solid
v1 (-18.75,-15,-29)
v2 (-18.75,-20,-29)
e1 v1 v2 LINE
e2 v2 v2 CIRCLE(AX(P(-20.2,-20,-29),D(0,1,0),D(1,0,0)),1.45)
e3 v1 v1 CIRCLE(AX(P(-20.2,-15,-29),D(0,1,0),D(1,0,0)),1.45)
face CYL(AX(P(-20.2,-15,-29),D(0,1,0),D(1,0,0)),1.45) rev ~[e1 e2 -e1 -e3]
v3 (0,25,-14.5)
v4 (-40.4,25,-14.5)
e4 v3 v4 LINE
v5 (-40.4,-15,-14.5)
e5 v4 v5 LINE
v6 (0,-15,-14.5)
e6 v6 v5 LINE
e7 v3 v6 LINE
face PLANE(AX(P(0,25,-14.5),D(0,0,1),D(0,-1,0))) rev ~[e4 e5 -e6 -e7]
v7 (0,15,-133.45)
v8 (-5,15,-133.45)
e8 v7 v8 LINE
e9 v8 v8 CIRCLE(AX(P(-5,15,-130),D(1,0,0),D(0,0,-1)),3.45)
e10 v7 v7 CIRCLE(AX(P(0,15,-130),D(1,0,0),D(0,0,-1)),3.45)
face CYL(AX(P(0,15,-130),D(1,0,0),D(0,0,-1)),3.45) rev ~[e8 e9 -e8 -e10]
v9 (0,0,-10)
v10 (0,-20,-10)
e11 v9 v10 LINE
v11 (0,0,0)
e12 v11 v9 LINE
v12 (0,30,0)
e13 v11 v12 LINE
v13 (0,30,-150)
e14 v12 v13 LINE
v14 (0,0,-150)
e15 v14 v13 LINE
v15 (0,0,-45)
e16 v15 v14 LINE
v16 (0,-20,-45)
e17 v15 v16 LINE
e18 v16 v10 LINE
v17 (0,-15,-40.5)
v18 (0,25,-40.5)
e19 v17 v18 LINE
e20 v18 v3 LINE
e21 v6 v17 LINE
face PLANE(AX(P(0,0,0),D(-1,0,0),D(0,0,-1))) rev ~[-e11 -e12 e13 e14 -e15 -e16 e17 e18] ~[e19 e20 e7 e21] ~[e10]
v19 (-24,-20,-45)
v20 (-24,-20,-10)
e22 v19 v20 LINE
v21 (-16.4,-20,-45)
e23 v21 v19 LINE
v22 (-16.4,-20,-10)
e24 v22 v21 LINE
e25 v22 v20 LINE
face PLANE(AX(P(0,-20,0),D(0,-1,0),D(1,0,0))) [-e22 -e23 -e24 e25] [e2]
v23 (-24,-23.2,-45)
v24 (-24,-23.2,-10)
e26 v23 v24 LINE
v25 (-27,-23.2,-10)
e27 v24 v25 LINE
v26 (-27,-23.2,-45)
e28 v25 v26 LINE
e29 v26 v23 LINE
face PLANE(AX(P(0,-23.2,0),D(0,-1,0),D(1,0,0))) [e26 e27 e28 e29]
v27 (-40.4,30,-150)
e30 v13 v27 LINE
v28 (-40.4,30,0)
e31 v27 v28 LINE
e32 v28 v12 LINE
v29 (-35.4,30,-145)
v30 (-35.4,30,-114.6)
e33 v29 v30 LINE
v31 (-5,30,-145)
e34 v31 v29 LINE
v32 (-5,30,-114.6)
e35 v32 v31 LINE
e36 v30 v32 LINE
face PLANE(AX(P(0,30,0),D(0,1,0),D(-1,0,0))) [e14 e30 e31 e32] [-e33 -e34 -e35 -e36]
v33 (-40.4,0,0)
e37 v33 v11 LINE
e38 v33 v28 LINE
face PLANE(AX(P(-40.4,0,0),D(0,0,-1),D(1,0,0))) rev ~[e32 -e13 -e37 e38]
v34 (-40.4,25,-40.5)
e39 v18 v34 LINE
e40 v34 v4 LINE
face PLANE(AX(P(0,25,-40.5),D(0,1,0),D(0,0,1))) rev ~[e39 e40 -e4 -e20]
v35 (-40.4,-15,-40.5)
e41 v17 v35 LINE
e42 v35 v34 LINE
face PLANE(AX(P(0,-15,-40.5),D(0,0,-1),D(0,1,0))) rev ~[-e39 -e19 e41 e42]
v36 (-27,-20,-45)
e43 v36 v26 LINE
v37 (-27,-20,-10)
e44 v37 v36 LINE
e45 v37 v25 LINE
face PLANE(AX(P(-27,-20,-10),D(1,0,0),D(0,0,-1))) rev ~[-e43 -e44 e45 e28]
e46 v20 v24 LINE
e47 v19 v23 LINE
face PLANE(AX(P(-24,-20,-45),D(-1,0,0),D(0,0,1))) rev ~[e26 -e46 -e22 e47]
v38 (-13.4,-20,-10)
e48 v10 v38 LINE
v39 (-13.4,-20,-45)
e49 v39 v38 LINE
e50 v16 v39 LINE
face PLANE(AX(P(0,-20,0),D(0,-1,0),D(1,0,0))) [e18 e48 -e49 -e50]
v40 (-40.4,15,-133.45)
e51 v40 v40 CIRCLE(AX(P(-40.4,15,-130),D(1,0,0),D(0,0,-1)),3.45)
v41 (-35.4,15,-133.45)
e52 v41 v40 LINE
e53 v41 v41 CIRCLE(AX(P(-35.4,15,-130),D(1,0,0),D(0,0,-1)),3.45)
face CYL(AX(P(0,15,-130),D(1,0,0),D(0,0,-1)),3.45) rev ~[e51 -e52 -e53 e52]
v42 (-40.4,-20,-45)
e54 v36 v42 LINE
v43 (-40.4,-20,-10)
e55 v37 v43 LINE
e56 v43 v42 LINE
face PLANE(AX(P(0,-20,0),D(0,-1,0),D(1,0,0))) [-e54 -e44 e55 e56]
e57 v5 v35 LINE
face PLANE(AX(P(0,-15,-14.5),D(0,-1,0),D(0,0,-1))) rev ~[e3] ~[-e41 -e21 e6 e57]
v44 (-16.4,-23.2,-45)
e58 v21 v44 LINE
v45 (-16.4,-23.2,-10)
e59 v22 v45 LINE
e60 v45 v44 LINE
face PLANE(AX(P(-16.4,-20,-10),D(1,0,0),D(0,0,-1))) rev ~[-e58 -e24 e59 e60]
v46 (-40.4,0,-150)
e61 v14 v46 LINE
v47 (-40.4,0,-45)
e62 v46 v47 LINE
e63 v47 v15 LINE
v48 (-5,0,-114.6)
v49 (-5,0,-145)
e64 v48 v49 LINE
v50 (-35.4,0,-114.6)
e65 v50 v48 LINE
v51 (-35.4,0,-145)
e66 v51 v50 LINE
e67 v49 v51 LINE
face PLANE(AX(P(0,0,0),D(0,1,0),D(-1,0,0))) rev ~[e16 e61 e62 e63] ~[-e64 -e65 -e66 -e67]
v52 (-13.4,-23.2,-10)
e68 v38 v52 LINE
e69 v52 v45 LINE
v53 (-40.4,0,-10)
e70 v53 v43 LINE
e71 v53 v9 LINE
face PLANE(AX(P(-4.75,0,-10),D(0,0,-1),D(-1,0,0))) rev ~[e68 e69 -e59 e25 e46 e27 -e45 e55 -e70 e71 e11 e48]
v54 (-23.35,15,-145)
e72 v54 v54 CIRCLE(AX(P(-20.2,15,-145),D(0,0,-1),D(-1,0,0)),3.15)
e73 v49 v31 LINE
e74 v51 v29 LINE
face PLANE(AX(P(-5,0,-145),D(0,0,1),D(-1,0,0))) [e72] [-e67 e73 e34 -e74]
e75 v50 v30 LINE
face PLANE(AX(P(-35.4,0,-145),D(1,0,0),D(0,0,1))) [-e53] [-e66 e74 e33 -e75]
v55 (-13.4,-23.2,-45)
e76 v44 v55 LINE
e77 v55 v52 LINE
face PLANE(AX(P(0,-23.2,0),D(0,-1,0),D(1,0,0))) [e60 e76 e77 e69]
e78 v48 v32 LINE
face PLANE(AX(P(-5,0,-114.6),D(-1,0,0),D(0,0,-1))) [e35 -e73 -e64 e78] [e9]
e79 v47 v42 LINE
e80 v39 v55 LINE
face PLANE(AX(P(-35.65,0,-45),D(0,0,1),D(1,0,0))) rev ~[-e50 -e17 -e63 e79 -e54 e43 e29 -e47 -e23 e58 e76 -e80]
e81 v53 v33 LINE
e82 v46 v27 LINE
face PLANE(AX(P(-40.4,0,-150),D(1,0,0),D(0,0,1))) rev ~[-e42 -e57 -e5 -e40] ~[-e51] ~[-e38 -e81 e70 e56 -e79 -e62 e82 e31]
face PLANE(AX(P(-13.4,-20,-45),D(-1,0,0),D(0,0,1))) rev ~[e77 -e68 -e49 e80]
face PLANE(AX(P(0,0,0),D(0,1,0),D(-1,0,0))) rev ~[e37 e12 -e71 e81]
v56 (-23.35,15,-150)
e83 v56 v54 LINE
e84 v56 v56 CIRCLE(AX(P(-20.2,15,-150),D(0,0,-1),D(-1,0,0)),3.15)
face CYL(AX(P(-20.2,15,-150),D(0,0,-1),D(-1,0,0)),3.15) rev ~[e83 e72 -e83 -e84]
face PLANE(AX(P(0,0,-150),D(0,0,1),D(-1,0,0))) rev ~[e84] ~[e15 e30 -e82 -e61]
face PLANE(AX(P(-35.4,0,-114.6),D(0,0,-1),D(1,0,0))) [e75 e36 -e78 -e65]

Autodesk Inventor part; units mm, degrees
ref_plane "YZ Plane" through (0, 0, 0) normal (1, 0, 0) x (0, 1, 0)
ref_plane "XZ Plane" through (0, 0, 0) normal (0, 1, 0) x (-1, 0, 0)
ref_plane "XY Plane" through (0, 0, 0) normal (0, 0, 1) x (1, 0, 0)
sketch "스케치1" plane through (0, 0, 0) normal (0, 1, 0) x (-1, 0, 0)
  line L0 (40.4, 0) -> (0, 0)
  line L1 (0, 0) -> (0, -150)
  line L2 (0, -150) -> (40.4, -150)
  line L3 (40.4, -150) -> (40.4, 0)
  line L4 (35.4, -114.6) -> (5, -114.6)
  line L5 (5, -114.6) -> (5, -145)
  line L6 (5, -145) -> (35.4, -145)
  line L7 (35.4, -145) -> (35.4, -114.6)
  line L8 (20.2, -114.6) -> (20.2, -145) construction
  line L9 (35.4, -129.8) -> (5, -129.8) construction
  line L10 (35.65, -10) -> (4.75, -10)
  line L11 (4.75, -10) -> (4.75, -80)
  line L12 (4.75, -80) -> (35.65, -80)
  line L13 (35.65, -80) -> (35.65, -10)
  point P0 (20.2, -150)
  dimension "d0" = 30.4
  dimension "d1" = 30.4
  dimension "d2" = 5
  dimension "d3" = 5
  dimension "d4" = 5
  dimension "d5" = 70
  dimension "d6" = 4.75
  dimension "d7" = 4.75
  dimension "d8" = 10
  dimension "d9" = 150
extrude "돌출1" add sketch "스케치1" along normal blind 30
sketch "스케치2" plane through (0, 0, 0) normal (1, 0, 0) x (0, 0, -1)
  circle A0 centre (130, 15) radius 3.45
  line L0 (150, 0) -> (150, 30) projected
  line L1 (0, 30) -> (150, 30) projected
  point P0 (0, 0)
  dimension "d12" = 20
  dimension "d13" = 15
  dimension "d14" = 6.9
extrude "돌출2" cut sketch "스케치2" against normal blind 50
sketch "스케치3" plane through (0, 0, -150) normal (0, 0, -1) x (-1, 0, 0)
  circle A0 centre (20.2, 15) radius 3.15
  line L0 (0, 30) -> (40.4, 30) projected
  line L1 (40.4, 0) -> (40.4, 30) projected
  point P0 (0, 0)
  point P1 (20.2, 30)
  point P2 (40.4, 15)
  dimension "d17" = 6.3
extrude "돌출3" cut sketch "스케치3" against normal blind 10
extrude "돌출5" add sketch "스케치1" along normal up to surface (30 mm away) contours L13 L12 L11 L10
sketch "스케치5" plane through (0, 0, 0) normal (0, -1, 0) x (1, 0, 0)
  line L0 (-4.75, -10) -> (-35.65, -10)
  line L1 (-35.65, -10) -> (-35.65, -45)
  line L2 (-35.65, -45) -> (-4.75, -45)
  line L3 (-4.75, -45) -> (-4.75, -10)
  line L4 (-4.75, -10) -> (-4.75, -80) projected
  line L5 (-35.65, -10) -> (-4.75, -10) projected
  line L6 (0, -10) -> (-40.4, -10)
  line L7 (-40.4, -10) -> (-40.4, -45)
  line L8 (-40.4, -45) -> (0, -45)
  line L9 (0, -45) -> (0, -10)
  line L10 (0, 0) -> (0, -150) projected
  line L11 (-40.4, -150) -> (-40.4, 0) projected
  line L12 (-40.4, -150) -> (-40.4, 0) projected
  point P0 (-4.75, -45)
  dimension "d27" = 35
extrude "돌출6" add sketch "스케치5" along normal blind 20
sketch "스케치6" plane through (0, 0, -150) normal (1, 0, 0) x (0, 0, -1)
  line L0 (-135.5, -15) -> (-109.5, -15)
  line L1 (-109.5, -15) -> (-109.5, 25)
  line L2 (-109.5, 25) -> (-135.5, 25)
  line L3 (-135.5, 25) -> (-135.5, -15)
  line L4 (-150, 30) -> (0, 30) projected
  line L5 (-105, -20) -> (-140, -20) projected
  line L6 (-140, 0) -> (-140, -20) projected
  point P0 (-150, 0)
  dimension "d30" = 5
  dimension "d31" = 5
  dimension "d32" = 26
  dimension "d33" = 4.5
extrude "돌출7" cut sketch "스케치6" against normal up to surface (40.4 mm away)
sketch "스케치7" plane through (0, -15, -14.5) normal (0, 1, 0) x (1, 0, 0)
  circle A0 centre (-20.2, 14.5) radius 1.45
  line L0 (0, -4.5) -> (-40.4, -4.5) projected
  line L1 (-40.4, 30.5) -> (0, 30.5) projected
  point P0 (0, -14.5)
  point P1 (-20.2, 30.5)
  dimension "d36" = 2.9
  dimension "d37" = 19
extrude "돌출8" cut sketch "스케치7" against normal blind 10
sketch "스케치8" plane through (0, -20, 0) normal (0, -1, 0) x (1, 0, 0)
  line L0 (0, -10) -> (-40.4, -10) projected
  line L1 (-13.4, -10) -> (-16.4, -10)
  line L2 (-16.4, -10) -> (-16.4, -45)
  line L3 (-16.4, -45) -> (-13.4, -45)
  line L4 (-13.4, -45) -> (-13.4, -10)
  line L5 (-24, -10) -> (-27, -10)
  line L6 (-27, -10) -> (-27, -45)
  line L7 (-27, -45) -> (-24, -45)
  line L8 (-24, -45) -> (-24, -10)
  line L9 (-40.4, -45) -> (0, -45) projected
  circle A0 centre (-20.2, -29) radius 1.45 projected
  point P0 (0, 0)
  dimension "d40" = 7.6
  dimension "d41" = 3.8
  dimension "d42" = 3
  dimension "d43" = 3
extrude "돌출9" add sketch "스케치8" along normal blind 3.2 contours L4 L3 L2 L0 | L8 L7 L6 L0
properties part number "lever_support"
